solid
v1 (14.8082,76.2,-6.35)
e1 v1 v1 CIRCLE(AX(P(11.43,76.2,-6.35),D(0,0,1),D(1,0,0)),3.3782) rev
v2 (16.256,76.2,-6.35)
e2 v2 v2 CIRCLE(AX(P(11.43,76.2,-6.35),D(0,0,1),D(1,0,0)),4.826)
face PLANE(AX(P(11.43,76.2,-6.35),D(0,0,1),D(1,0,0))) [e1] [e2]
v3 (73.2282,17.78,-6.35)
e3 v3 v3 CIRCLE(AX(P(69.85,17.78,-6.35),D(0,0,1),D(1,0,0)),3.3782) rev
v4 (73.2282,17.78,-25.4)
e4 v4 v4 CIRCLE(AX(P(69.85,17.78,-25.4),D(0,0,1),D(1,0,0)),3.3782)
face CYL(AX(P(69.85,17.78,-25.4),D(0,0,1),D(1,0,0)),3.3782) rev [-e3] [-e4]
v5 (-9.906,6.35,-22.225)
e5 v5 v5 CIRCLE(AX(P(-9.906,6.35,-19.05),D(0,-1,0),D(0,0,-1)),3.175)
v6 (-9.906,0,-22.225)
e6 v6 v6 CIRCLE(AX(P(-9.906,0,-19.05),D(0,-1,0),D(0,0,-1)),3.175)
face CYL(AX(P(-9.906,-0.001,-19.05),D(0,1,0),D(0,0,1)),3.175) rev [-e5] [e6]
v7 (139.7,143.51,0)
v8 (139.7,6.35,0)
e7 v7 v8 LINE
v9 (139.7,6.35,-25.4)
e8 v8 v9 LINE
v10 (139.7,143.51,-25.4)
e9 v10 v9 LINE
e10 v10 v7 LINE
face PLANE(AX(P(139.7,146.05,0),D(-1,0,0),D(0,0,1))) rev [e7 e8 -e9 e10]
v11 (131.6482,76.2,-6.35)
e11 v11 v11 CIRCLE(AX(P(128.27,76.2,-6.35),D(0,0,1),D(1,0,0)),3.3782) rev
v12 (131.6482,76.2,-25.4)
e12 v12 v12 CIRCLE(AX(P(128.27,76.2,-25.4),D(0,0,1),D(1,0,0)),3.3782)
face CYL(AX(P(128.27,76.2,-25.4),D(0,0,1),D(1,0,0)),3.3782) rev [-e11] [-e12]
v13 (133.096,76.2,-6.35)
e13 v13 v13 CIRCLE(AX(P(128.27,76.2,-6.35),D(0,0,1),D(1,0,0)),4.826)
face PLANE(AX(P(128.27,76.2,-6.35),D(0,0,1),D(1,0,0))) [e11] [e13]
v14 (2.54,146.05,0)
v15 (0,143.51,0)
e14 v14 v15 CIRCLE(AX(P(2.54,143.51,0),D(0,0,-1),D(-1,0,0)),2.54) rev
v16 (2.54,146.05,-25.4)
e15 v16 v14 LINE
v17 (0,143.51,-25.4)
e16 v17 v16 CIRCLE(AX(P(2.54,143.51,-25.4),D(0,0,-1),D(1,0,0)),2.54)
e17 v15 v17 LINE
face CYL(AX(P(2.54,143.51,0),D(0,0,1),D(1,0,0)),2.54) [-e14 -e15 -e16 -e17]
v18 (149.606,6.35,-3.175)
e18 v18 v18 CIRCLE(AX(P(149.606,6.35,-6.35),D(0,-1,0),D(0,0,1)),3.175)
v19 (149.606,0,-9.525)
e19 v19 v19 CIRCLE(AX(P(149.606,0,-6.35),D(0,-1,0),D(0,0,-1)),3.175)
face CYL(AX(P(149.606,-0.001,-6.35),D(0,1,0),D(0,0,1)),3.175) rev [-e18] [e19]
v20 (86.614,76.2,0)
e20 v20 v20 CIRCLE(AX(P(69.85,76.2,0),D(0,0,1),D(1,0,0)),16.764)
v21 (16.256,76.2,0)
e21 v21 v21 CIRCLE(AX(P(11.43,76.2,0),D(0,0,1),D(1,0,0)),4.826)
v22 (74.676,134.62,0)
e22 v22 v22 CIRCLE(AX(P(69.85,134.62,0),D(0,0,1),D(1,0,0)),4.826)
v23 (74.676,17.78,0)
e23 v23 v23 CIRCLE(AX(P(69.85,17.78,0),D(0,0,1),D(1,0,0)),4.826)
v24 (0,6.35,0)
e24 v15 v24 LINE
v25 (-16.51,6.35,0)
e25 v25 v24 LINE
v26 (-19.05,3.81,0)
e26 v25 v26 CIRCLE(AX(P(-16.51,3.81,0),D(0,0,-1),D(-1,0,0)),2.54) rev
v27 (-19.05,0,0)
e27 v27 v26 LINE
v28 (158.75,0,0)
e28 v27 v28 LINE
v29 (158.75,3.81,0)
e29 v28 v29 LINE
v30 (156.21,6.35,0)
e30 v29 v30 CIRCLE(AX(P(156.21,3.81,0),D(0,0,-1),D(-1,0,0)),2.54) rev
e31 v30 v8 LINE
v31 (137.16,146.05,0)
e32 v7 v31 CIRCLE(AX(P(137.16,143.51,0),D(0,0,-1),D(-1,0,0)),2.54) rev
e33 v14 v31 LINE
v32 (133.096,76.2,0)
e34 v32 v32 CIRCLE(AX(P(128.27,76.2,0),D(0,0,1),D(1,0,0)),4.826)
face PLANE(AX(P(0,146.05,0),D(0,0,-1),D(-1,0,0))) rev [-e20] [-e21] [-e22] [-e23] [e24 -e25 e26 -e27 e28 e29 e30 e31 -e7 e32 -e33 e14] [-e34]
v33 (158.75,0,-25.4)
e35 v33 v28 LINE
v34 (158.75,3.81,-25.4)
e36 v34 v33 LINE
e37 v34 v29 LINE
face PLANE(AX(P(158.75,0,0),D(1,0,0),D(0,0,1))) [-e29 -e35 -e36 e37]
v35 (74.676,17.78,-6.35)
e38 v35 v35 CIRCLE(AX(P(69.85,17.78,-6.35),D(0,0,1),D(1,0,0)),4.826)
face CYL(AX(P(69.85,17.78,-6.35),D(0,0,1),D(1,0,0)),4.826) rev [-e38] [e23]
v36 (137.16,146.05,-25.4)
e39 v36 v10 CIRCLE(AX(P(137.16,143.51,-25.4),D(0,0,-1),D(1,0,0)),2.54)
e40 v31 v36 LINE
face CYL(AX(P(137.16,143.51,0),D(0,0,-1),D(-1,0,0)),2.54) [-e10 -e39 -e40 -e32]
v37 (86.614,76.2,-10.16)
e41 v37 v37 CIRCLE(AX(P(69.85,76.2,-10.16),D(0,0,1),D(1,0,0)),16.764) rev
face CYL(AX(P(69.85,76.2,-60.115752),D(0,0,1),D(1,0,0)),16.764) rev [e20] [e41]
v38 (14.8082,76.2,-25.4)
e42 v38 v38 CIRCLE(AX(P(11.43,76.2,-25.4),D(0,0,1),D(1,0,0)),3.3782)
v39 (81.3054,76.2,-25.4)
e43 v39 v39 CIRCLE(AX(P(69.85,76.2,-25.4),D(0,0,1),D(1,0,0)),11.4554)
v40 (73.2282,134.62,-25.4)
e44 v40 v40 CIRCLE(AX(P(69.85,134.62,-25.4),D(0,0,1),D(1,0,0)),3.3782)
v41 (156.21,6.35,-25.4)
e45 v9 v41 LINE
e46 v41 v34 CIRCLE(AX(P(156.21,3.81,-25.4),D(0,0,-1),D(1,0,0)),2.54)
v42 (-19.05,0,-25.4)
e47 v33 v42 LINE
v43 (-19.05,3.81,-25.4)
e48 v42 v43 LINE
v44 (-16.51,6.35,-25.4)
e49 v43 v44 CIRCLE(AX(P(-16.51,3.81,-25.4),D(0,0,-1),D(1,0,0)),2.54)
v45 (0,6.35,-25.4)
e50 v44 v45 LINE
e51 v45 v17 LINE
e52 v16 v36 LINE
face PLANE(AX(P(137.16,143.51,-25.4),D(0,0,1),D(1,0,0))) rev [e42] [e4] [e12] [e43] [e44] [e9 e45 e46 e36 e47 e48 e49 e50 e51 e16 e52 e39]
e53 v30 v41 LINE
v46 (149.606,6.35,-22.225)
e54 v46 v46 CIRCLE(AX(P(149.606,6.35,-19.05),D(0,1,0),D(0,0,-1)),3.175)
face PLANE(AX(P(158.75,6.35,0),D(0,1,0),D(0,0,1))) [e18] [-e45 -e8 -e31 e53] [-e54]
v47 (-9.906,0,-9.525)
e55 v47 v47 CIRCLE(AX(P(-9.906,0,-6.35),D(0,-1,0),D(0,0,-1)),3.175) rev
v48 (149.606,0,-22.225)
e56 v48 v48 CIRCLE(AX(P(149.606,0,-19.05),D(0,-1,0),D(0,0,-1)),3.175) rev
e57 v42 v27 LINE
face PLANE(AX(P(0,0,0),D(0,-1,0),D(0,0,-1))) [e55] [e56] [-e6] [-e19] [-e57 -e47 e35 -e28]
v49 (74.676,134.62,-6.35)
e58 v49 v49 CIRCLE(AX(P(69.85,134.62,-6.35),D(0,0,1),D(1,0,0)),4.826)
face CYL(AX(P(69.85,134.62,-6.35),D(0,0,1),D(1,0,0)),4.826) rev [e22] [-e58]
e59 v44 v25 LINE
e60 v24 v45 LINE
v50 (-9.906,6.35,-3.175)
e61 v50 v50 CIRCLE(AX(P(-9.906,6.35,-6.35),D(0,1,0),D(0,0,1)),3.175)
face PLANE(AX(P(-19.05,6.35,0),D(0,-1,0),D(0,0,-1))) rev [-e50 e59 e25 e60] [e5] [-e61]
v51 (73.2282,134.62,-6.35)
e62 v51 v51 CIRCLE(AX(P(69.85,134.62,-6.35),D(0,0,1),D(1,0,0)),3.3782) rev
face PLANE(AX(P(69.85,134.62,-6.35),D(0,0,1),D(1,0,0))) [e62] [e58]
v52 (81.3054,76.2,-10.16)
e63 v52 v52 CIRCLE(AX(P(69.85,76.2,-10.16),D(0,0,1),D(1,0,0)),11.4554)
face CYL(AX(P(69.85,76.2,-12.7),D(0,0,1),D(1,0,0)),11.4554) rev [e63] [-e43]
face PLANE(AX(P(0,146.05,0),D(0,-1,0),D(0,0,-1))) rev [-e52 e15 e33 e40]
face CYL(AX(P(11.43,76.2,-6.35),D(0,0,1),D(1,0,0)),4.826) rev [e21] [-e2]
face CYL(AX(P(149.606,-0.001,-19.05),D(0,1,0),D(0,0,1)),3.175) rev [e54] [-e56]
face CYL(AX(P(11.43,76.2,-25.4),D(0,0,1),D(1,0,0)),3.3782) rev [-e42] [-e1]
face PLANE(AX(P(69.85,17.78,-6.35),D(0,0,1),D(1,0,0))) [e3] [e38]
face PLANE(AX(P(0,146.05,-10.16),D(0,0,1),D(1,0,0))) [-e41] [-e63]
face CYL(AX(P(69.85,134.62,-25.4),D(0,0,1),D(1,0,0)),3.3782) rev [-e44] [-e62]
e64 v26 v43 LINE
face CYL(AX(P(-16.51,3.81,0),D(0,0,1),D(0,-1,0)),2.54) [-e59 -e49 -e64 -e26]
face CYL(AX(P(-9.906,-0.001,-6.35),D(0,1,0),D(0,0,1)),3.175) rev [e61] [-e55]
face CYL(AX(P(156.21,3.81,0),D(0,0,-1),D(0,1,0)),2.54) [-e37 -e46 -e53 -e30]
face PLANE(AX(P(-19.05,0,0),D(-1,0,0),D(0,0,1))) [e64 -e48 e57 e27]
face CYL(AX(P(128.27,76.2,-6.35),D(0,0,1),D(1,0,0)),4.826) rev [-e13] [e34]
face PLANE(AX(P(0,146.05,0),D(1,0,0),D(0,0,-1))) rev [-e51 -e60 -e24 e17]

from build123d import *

# Parameters (mm, degrees)
SKETCH1_W               = 139.7
SKETCH1_H               = 12.7
BOSS_EXTRUDE1_DEPTH     = 146.05
SKETCH2_W               = 12.7
SKETCH2_H               = 6.35
BOSS_EXTRUDE2_DEPTH     = 19.05
CUT_EXTRUDE4_REACH      = 213.847
SKETCH6_R               = 3.175
FILLET1_R               = 2.54
SKETCH3_R               = 16.764
CUT_EXTRUDE5_DEPTH      = 10.16
SKETCH7_R               = 11.4554
CUT_EXTRUDE6_DEPTH      = 216.952287786
BOSS_EXTRUDE3_DEPTH     = 12.7
MIRROR3_COPY_1_REACH    = 213.847
MIRROR3_COPY_1_SKETCH_R = 3.175
SKETCH10_R              = 3.3782
CUT_EXTRUDE8_DEPTH      = 218.203418481
SKETCH11_R              = 4.826
CUT_EXTRUDE9_DEPTH      = 6.35
SKETCH12_R              = 11.4554
CUT_EXTRUDE10_DEPTH     = 217.086683995


with BuildPart() as part:
    # Sketch1 → Boss-Extrude1 (new body)
    with BuildSketch(Plane(origin=(0, 0, 0), x_dir=(1, 0, 0), z_dir=(0, 1, 0))):
        with Locations((69.85, 6.35)):
            Rectangle(SKETCH1_W, SKETCH1_H)
    extrude(amount=BOSS_EXTRUDE1_DEPTH)

    # Sketch2 → Boss-Extrude2 (add)
    with BuildSketch(Plane.ZY):
        with Locations((-6.35, 3.175)):
            Rectangle(SKETCH2_W, SKETCH2_H)
    boss_extrude2 = extrude(amount=BOSS_EXTRUDE2_DEPTH)

    # Mirror1: Boss-Extrude2 across plane
    add(boss_extrude2.mirror(Plane.ZY.offset(-69.85)))

    # Sketch6 → Cut-Extrude4 (cut, up to next)
    with BuildSketch(Plane(origin=(0, 6.35, 0), x_dir=(1, 0, 0), z_dir=(0, 1, 0)), mode=Mode.PRIVATE) as cut_extrude4_sk1:
        with Locations(Location((-9.906, 6.35, 0), (0, 0, 270))):
            Circle(SKETCH6_R)
    cut_extrude4_tool1 = extrude(cut_extrude4_sk1.sketch, amount=-CUT_EXTRUDE4_REACH, mode=Mode.PRIVATE) & part.part
    cut_extrude4 = cut_extrude4_tool1.solids().sort_by_distance((-9.906, 6.35, -6.35))[0]
    add(cut_extrude4, mode=Mode.SUBTRACT)

    # Mirror2: Cut-Extrude4 across plane
    add(cut_extrude4.mirror(Plane.ZY.offset(-69.85)), mode=Mode.SUBTRACT)

    # Fillet1
    fillet1_edges = [part.edges().sort_by_distance(p)[0] for p in [
        (139.7, 146.05, -6.35),
        (-19.05, 6.35, -6.35),
        (158.75, 6.35, -6.35),
        (0, 146.05, -6.35),
    ]]
    fillet(fillet1_edges, radius=FILLET1_R)

    # Sketch3 → Cut-Extrude5 (cut)
    with BuildSketch(Plane.XY):
        with Locations((69.85, 76.2)):
            Circle(SKETCH3_R)
    extrude(amount=-CUT_EXTRUDE5_DEPTH, mode=Mode.SUBTRACT)

    # Sketch7 → Cut-Extrude6 (cut, through all)
    with BuildSketch(Plane.XY.offset(-10.16)):
        with Locations((69.85, 76.2)):
            Circle(SKETCH7_R)
    extrude(amount=-CUT_EXTRUDE6_DEPTH, mode=Mode.SUBTRACT)

    # Sketch8 → Boss-Extrude3 (add)
    with BuildSketch(Plane(origin=(0, 0, -12.7), x_dir=(-1, 0, 0), z_dir=(0, 0, -1))):
        with BuildLine():
            Line((-137.16, 146.05), (-2.54, 146.05))
            ThreePointArc((-2.54, 146.05), (-0.743948776, 145.306051224), (0, 143.51))
            Line((0, 143.51), (0, 6.35))
            Line((0, 6.35), (16.51, 6.35))
            ThreePointArc((16.51, 6.35), (18.306051224, 5.606051224), (19.05, 3.81))
            Line((19.05, 3.81), (19.05, 0))
            Line((19.05, 0), (-158.75, 0))
            Line((-158.75, 0), (-158.75, 3.81))
            ThreePointArc((-158.75, 3.81), (-158.006051224, 5.606051224), (-156.21, 6.35))
            Line((-156.21, 6.35), (-139.7, 6.35))
            Line((-139.7, 6.35), (-139.7, 143.51))
            ThreePointArc((-139.7, 143.51), (-138.956051224, 145.306051224), (-137.16, 146.05))
        make_face()
    extrude(amount=BOSS_EXTRUDE3_DEPTH)

    # Mirror3: Cut-Extrude4 across plane
    add(cut_extrude4.mirror(Plane(origin=(0, 0, -12.7), x_dir=(1, 0, 0), z_dir=(0, 0, -1))), mode=Mode.SUBTRACT)

    # Mirror3 copy 1 sketch → Mirror3 copy 1 (cut, up to next)
    with BuildSketch(Plane(origin=(139.7, 6.35, -25.4), x_dir=(-1, 0, 0), z_dir=(0, 1, 0)), mode=Mode.PRIVATE) as mirror3_copy_1_sk1:
        with Locations(Location((-9.906, 6.35, 0), (0, 0, 270))):
            Circle(MIRROR3_COPY_1_SKETCH_R)
    mirror3_copy_1_tool1 = extrude(mirror3_copy_1_sk1.sketch, amount=-MIRROR3_COPY_1_REACH, mode=Mode.PRIVATE) & part.part
    add(mirror3_copy_1_tool1.solids().sort_by_distance((149.606, 6.35, -19.05))[0], mode=Mode.SUBTRACT)

    # Sketch10 → Cut-Extrude8 (cut, through all)
    with BuildSketch(Plane.XY):
        with Locations((11.43, 76.2)):
            Circle(SKETCH10_R)
        with Locations((69.85, 134.62)):
            Circle(SKETCH10_R)
        with Locations((128.27, 76.2)):
            Circle(SKETCH10_R)
        with Locations((69.85, 17.78)):
            Circle(SKETCH10_R)
    extrude(amount=-CUT_EXTRUDE8_DEPTH, mode=Mode.SUBTRACT)

    # Sketch11 → Cut-Extrude9 (cut)
    with BuildSketch(Plane.XY):
        with Locations((11.43, 76.2)):
            Circle(SKETCH11_R)
        with Locations((69.85, 134.62)):
            Circle(SKETCH11_R)
        with Locations((128.27, 76.2)):
            Circle(SKETCH11_R)
        with Locations((69.85, 17.78)):
            Circle(SKETCH11_R)
    extrude(amount=-CUT_EXTRUDE9_DEPTH, mode=Mode.SUBTRACT)

    # Sketch12 → Cut-Extrude10 (cut, through all)
    with BuildSketch(Plane.XY.offset(-12.7)):
        with Locations((69.85, 76.2)):
            Circle(SKETCH12_R)
    extrude(amount=-CUT_EXTRUDE10_DEPTH, mode=Mode.SUBTRACT)


solid = part.part
